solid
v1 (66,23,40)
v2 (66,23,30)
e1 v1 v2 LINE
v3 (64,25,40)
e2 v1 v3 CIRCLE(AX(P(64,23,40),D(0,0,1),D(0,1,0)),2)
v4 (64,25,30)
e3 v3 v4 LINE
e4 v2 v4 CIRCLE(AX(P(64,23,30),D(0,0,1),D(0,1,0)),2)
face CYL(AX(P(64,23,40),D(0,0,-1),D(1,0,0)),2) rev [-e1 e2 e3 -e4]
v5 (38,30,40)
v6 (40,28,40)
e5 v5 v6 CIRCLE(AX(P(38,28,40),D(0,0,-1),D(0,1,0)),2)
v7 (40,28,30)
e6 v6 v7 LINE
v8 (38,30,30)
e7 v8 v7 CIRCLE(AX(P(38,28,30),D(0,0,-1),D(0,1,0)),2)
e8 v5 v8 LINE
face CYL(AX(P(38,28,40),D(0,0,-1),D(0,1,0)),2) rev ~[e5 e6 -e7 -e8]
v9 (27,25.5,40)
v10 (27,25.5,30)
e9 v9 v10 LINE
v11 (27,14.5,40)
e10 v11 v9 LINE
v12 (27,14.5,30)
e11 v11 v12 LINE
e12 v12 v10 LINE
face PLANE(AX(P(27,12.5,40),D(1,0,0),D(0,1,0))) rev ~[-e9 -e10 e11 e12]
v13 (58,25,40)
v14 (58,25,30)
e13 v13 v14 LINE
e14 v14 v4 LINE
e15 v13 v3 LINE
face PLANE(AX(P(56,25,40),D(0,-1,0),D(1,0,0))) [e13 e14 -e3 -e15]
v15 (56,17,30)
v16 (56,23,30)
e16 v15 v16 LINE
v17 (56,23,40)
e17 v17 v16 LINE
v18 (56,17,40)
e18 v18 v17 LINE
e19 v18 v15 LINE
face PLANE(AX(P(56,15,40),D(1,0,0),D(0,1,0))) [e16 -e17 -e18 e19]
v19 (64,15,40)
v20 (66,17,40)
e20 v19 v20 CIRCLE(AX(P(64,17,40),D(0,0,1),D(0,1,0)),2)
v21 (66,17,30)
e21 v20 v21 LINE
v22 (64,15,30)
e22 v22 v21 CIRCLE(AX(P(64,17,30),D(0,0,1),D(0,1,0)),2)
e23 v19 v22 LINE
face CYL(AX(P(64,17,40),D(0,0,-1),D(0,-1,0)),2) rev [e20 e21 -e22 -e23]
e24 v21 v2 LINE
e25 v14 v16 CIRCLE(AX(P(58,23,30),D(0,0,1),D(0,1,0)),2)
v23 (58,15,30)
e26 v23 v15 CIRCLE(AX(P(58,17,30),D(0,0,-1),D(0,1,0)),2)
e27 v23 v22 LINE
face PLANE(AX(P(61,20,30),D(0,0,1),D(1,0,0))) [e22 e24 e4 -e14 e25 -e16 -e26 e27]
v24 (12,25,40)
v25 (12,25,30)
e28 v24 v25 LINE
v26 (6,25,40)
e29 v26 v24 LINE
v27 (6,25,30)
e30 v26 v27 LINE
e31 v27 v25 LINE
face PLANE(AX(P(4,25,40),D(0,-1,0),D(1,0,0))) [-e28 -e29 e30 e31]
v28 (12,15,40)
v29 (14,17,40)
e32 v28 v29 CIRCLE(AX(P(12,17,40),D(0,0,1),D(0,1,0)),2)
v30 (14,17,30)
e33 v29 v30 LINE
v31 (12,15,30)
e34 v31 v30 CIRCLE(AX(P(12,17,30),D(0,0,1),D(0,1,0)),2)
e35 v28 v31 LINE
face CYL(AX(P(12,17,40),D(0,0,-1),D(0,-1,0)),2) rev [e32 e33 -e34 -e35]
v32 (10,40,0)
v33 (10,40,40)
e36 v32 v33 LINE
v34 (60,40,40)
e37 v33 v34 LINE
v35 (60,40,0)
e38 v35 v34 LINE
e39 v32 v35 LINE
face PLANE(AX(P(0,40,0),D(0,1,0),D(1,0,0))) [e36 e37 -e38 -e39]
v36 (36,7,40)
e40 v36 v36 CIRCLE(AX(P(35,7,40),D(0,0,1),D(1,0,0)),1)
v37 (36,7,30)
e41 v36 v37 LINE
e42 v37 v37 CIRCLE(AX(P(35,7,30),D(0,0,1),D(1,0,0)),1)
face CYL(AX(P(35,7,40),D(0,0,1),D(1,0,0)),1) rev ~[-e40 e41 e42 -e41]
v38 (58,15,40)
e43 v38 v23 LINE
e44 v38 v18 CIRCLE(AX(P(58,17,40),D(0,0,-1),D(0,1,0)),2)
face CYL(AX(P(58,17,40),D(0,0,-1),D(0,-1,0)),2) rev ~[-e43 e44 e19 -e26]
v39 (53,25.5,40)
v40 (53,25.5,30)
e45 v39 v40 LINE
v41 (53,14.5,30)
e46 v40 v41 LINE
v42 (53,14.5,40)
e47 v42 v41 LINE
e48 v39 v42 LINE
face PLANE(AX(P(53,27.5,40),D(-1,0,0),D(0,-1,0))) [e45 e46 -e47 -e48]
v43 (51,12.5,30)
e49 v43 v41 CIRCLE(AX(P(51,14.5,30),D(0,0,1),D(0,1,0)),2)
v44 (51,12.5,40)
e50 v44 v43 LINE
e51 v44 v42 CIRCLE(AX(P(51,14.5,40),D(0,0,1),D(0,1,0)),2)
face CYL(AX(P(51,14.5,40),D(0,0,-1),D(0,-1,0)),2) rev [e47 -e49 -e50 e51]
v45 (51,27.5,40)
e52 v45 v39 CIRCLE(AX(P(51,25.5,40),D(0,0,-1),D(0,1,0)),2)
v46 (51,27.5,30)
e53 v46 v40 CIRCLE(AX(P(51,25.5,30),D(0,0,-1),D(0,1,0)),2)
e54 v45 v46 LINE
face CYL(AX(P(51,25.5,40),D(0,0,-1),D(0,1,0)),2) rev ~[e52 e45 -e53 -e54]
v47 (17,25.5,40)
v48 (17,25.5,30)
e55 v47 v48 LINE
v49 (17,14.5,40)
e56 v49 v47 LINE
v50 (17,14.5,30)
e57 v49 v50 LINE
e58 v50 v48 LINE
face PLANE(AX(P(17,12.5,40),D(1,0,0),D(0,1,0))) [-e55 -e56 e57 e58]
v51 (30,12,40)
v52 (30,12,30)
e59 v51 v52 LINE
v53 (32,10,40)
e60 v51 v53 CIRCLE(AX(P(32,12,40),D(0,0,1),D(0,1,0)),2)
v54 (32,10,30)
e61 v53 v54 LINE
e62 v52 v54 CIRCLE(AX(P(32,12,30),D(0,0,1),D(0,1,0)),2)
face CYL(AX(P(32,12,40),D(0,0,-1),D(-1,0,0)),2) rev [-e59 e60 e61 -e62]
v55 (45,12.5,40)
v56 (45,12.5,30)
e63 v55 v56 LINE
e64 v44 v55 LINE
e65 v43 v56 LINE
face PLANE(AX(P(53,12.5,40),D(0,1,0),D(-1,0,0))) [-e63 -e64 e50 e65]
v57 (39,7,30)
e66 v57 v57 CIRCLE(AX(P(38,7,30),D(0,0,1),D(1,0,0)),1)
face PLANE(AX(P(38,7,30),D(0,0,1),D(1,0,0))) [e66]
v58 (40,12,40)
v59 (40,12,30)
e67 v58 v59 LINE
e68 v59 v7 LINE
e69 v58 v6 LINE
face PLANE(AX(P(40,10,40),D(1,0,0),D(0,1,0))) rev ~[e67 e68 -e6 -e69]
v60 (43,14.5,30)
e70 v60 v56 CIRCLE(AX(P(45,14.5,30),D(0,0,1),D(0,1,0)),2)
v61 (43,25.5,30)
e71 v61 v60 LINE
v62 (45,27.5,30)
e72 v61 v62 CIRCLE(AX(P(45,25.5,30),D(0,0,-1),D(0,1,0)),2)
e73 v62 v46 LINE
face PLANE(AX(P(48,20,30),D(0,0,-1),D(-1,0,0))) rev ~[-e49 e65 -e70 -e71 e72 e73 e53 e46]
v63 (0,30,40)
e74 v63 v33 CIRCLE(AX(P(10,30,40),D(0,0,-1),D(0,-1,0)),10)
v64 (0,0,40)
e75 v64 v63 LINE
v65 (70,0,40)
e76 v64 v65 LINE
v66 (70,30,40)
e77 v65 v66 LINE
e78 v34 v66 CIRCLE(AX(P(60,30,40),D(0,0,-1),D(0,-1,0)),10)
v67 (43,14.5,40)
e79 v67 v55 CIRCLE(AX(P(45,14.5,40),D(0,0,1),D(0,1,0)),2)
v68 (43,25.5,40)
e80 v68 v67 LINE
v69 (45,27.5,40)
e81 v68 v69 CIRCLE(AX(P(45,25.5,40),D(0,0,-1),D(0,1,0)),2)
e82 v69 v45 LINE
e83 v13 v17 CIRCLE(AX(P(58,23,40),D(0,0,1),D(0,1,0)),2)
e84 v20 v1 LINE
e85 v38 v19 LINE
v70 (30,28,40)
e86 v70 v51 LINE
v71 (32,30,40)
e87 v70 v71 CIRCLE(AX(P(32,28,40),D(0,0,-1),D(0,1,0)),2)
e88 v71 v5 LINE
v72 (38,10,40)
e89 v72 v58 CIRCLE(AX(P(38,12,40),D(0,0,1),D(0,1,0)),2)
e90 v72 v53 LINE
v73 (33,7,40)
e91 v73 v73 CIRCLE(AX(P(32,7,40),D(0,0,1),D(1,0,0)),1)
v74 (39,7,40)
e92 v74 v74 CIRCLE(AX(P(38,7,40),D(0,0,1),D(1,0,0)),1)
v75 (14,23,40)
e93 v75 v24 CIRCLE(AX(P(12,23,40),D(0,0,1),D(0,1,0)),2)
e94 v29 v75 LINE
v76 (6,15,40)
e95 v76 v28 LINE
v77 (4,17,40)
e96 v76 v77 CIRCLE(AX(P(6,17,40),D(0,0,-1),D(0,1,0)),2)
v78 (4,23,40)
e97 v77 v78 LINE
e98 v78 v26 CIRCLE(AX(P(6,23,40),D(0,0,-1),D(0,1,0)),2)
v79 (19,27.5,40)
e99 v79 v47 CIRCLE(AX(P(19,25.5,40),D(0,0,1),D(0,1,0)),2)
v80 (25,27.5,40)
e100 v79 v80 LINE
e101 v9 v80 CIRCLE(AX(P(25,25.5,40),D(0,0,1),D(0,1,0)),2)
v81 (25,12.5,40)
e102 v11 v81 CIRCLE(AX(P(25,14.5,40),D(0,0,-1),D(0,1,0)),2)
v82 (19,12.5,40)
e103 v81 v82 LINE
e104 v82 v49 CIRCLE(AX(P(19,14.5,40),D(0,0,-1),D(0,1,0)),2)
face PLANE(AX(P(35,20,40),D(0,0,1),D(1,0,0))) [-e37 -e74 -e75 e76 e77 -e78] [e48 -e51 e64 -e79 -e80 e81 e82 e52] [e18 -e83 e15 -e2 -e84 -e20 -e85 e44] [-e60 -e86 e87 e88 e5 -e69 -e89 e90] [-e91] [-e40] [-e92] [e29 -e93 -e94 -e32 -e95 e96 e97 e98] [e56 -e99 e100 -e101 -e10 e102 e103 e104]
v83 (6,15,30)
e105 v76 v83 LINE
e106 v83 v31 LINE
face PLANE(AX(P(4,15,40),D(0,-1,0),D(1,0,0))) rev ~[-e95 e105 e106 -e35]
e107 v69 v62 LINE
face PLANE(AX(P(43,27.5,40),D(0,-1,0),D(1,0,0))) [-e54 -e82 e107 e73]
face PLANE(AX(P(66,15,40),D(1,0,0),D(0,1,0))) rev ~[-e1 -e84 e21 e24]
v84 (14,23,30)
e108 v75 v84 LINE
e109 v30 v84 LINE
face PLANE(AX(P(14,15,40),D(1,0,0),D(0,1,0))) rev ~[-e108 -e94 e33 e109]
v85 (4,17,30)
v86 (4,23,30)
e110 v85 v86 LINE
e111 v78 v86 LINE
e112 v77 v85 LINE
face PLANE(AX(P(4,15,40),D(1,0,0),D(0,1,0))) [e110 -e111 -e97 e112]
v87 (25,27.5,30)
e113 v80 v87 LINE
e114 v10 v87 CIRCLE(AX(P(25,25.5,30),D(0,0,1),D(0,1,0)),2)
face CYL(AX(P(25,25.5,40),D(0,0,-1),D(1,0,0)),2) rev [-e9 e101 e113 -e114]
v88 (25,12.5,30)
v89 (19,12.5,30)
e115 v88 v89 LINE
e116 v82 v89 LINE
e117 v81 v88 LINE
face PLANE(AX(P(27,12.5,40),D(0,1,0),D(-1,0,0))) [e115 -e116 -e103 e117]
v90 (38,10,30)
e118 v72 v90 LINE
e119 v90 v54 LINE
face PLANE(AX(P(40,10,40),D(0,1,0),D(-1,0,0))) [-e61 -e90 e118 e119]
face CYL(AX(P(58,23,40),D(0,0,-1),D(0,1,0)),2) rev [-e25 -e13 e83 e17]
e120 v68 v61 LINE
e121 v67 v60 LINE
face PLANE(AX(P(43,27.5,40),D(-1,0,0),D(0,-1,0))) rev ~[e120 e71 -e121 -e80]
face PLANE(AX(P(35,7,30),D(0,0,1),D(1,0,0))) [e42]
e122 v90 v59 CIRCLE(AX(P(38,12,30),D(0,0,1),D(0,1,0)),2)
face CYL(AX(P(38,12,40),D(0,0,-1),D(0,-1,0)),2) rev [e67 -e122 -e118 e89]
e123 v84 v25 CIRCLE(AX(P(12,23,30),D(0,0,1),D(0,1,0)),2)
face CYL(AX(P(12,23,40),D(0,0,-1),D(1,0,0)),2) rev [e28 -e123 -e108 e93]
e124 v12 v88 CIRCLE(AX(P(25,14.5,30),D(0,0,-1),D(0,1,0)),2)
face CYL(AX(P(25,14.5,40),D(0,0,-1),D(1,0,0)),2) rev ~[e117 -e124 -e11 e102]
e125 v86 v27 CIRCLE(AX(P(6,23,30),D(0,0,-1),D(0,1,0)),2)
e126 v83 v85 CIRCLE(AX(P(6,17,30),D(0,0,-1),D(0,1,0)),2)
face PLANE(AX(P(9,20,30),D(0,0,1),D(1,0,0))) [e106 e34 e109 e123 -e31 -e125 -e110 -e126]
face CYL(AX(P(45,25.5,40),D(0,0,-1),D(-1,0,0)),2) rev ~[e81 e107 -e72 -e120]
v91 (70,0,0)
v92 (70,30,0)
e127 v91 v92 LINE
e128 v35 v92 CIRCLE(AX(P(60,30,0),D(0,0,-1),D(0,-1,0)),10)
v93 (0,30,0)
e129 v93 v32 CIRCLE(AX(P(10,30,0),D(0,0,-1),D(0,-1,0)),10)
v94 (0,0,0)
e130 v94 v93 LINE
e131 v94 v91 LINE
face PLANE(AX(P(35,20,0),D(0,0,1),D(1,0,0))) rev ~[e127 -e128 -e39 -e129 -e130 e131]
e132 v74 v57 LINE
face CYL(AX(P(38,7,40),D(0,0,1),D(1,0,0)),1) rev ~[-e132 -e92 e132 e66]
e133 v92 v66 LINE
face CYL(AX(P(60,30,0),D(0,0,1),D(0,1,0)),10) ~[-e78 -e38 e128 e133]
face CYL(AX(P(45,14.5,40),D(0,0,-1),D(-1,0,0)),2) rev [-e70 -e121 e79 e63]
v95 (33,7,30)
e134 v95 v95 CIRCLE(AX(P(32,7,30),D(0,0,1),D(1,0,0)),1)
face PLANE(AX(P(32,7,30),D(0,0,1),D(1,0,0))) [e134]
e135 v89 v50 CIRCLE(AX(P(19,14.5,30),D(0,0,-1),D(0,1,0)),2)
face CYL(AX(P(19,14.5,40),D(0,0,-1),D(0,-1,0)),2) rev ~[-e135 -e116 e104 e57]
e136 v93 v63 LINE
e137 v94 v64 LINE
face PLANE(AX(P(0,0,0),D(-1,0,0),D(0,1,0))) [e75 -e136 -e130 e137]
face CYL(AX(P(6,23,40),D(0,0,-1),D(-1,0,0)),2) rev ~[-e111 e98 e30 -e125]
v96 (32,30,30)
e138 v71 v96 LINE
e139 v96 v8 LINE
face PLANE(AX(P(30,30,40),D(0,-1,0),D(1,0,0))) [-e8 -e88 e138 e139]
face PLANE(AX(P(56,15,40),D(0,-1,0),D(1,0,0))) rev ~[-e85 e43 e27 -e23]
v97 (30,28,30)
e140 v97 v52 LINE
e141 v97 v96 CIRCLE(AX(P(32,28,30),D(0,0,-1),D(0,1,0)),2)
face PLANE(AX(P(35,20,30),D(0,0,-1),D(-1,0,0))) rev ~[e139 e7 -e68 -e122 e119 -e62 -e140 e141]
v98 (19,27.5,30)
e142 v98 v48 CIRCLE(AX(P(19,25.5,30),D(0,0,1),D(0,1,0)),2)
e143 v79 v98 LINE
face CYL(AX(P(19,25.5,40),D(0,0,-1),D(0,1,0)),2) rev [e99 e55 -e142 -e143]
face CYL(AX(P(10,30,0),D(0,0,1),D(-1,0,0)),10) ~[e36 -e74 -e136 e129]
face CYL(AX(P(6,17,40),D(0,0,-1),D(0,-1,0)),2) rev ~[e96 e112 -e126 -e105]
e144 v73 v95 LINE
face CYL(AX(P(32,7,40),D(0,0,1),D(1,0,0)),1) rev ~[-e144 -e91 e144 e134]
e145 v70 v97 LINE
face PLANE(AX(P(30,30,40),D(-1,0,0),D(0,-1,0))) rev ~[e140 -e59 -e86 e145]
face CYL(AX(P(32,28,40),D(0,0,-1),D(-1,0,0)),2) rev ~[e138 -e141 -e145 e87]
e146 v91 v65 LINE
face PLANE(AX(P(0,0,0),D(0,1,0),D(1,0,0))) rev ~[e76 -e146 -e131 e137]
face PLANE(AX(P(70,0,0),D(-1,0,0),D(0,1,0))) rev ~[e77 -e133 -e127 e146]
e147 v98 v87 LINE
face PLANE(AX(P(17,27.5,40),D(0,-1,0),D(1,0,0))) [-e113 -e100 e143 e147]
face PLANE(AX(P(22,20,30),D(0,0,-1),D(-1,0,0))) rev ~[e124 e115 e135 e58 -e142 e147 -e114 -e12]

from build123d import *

# Parameters (mm, degrees)
SKETCH1_W           = 70
SKETCH1_H           = 40
BOSS_EXTRUDE1_DEPTH = 40
CUT_EXTRUDE1_DEPTH  = 10
CUT_EXTRUDE2_DEPTH  = 10
CUT_EXTRUDE3_DEPTH  = 10
SKETCH5_W           = 10
SKETCH5_H           = 10
CUT_EXTRUDE4_DEPTH  = 10
SKETCH6_W           = 10
SKETCH6_H           = 10
CUT_EXTRUDE5_DEPTH  = 10
FILLET21_R          = 2
FILLET22_R          = 10
SKETCH7_R           = 1
CUT_EXTRUDE6_DEPTH  = 10


with BuildPart() as part:
    # Sketch1 → Boss-Extrude1 (new body)
    with BuildSketch(Plane.XY):
        with Locations((35, 20)):
            Rectangle(SKETCH1_W, SKETCH1_H)
    extrude(amount=BOSS_EXTRUDE1_DEPTH)

    # Sketch2 → Cut-Extrude1 (cut)
    with BuildSketch(Plane.XY.offset(40)):
        Polygon((30, 20), (30, 30), (40, 30), (40, 20), (40, 10), (30, 10), align=None)
    extrude(amount=-CUT_EXTRUDE1_DEPTH, mode=Mode.SUBTRACT)

    # Sketch3 → Cut-Extrude2 (cut)
    with BuildSketch(Plane.XY.offset(40)):
        Polygon((27, 12.5), (17, 12.5), (17, 27.5), (27, 27.5), (27, 15), align=None)
    extrude(amount=-CUT_EXTRUDE2_DEPTH, mode=Mode.SUBTRACT)

    # Sketch4 → Cut-Extrude3 (cut)
    with BuildSketch(Plane.XY.offset(40)):
        Polygon((43, 25), (43, 27.5), (53, 27.5), (53, 12.5), (43, 12.5), align=None)
    extrude(amount=-CUT_EXTRUDE3_DEPTH, mode=Mode.SUBTRACT)

    # Sketch5 → Cut-Extrude4 (cut)
    with BuildSketch(Plane.XY.offset(40)):
        with Locations((9, 20)):
            Rectangle(SKETCH5_W, SKETCH5_H)
    extrude(amount=-CUT_EXTRUDE4_DEPTH, mode=Mode.SUBTRACT)

    # Sketch6 → Cut-Extrude5 (cut)
    with BuildSketch(Plane.XY.offset(40)):
        with Locations((61, 20)):
            Rectangle(SKETCH6_W, SKETCH6_H)
    extrude(amount=-CUT_EXTRUDE5_DEPTH, mode=Mode.SUBTRACT)

    # Fillet21
    fillet21_edges = [part.edges().sort_by_distance(p)[0] for p in [
        (30, 30, 35),
        (40, 30, 35),
        (40, 10, 35),
        (30, 10, 35),
        (17, 27.5, 35),
        (27, 27.5, 35),
        (27, 12.5, 35),
        (17, 12.5, 35),
        (53, 27.5, 35),
        (53, 12.5, 35),
        (43, 12.5, 35),
        (43, 27.5, 35),
        (14, 25, 35),
        (14, 15, 35),
        (4, 15, 35),
        (4, 25, 35),
        (66, 25, 35),
        (66, 15, 35),
        (56, 15, 35),
        (56, 25, 35),
    ]]
    fillet(fillet21_edges, radius=FILLET21_R)

    # Fillet22
    fillet22_edges = [part.edges().sort_by_distance(p)[0] for p in [
        (0, 40, 20),
        (70, 40, 20),
    ]]
    fillet(fillet22_edges, radius=FILLET22_R)

    # Sketch7 → Cut-Extrude6 (cut)
    with BuildSketch(Plane.XY.offset(40)):
        with Locations((32, 7)):
            Circle(SKETCH7_R)
        with Locations((35, 7)):
            Circle(SKETCH7_R)
        with Locations((38, 7)):
            Circle(SKETCH7_R)
    extrude(amount=-CUT_EXTRUDE6_DEPTH, mode=Mode.SUBTRACT)


solid = part.part
